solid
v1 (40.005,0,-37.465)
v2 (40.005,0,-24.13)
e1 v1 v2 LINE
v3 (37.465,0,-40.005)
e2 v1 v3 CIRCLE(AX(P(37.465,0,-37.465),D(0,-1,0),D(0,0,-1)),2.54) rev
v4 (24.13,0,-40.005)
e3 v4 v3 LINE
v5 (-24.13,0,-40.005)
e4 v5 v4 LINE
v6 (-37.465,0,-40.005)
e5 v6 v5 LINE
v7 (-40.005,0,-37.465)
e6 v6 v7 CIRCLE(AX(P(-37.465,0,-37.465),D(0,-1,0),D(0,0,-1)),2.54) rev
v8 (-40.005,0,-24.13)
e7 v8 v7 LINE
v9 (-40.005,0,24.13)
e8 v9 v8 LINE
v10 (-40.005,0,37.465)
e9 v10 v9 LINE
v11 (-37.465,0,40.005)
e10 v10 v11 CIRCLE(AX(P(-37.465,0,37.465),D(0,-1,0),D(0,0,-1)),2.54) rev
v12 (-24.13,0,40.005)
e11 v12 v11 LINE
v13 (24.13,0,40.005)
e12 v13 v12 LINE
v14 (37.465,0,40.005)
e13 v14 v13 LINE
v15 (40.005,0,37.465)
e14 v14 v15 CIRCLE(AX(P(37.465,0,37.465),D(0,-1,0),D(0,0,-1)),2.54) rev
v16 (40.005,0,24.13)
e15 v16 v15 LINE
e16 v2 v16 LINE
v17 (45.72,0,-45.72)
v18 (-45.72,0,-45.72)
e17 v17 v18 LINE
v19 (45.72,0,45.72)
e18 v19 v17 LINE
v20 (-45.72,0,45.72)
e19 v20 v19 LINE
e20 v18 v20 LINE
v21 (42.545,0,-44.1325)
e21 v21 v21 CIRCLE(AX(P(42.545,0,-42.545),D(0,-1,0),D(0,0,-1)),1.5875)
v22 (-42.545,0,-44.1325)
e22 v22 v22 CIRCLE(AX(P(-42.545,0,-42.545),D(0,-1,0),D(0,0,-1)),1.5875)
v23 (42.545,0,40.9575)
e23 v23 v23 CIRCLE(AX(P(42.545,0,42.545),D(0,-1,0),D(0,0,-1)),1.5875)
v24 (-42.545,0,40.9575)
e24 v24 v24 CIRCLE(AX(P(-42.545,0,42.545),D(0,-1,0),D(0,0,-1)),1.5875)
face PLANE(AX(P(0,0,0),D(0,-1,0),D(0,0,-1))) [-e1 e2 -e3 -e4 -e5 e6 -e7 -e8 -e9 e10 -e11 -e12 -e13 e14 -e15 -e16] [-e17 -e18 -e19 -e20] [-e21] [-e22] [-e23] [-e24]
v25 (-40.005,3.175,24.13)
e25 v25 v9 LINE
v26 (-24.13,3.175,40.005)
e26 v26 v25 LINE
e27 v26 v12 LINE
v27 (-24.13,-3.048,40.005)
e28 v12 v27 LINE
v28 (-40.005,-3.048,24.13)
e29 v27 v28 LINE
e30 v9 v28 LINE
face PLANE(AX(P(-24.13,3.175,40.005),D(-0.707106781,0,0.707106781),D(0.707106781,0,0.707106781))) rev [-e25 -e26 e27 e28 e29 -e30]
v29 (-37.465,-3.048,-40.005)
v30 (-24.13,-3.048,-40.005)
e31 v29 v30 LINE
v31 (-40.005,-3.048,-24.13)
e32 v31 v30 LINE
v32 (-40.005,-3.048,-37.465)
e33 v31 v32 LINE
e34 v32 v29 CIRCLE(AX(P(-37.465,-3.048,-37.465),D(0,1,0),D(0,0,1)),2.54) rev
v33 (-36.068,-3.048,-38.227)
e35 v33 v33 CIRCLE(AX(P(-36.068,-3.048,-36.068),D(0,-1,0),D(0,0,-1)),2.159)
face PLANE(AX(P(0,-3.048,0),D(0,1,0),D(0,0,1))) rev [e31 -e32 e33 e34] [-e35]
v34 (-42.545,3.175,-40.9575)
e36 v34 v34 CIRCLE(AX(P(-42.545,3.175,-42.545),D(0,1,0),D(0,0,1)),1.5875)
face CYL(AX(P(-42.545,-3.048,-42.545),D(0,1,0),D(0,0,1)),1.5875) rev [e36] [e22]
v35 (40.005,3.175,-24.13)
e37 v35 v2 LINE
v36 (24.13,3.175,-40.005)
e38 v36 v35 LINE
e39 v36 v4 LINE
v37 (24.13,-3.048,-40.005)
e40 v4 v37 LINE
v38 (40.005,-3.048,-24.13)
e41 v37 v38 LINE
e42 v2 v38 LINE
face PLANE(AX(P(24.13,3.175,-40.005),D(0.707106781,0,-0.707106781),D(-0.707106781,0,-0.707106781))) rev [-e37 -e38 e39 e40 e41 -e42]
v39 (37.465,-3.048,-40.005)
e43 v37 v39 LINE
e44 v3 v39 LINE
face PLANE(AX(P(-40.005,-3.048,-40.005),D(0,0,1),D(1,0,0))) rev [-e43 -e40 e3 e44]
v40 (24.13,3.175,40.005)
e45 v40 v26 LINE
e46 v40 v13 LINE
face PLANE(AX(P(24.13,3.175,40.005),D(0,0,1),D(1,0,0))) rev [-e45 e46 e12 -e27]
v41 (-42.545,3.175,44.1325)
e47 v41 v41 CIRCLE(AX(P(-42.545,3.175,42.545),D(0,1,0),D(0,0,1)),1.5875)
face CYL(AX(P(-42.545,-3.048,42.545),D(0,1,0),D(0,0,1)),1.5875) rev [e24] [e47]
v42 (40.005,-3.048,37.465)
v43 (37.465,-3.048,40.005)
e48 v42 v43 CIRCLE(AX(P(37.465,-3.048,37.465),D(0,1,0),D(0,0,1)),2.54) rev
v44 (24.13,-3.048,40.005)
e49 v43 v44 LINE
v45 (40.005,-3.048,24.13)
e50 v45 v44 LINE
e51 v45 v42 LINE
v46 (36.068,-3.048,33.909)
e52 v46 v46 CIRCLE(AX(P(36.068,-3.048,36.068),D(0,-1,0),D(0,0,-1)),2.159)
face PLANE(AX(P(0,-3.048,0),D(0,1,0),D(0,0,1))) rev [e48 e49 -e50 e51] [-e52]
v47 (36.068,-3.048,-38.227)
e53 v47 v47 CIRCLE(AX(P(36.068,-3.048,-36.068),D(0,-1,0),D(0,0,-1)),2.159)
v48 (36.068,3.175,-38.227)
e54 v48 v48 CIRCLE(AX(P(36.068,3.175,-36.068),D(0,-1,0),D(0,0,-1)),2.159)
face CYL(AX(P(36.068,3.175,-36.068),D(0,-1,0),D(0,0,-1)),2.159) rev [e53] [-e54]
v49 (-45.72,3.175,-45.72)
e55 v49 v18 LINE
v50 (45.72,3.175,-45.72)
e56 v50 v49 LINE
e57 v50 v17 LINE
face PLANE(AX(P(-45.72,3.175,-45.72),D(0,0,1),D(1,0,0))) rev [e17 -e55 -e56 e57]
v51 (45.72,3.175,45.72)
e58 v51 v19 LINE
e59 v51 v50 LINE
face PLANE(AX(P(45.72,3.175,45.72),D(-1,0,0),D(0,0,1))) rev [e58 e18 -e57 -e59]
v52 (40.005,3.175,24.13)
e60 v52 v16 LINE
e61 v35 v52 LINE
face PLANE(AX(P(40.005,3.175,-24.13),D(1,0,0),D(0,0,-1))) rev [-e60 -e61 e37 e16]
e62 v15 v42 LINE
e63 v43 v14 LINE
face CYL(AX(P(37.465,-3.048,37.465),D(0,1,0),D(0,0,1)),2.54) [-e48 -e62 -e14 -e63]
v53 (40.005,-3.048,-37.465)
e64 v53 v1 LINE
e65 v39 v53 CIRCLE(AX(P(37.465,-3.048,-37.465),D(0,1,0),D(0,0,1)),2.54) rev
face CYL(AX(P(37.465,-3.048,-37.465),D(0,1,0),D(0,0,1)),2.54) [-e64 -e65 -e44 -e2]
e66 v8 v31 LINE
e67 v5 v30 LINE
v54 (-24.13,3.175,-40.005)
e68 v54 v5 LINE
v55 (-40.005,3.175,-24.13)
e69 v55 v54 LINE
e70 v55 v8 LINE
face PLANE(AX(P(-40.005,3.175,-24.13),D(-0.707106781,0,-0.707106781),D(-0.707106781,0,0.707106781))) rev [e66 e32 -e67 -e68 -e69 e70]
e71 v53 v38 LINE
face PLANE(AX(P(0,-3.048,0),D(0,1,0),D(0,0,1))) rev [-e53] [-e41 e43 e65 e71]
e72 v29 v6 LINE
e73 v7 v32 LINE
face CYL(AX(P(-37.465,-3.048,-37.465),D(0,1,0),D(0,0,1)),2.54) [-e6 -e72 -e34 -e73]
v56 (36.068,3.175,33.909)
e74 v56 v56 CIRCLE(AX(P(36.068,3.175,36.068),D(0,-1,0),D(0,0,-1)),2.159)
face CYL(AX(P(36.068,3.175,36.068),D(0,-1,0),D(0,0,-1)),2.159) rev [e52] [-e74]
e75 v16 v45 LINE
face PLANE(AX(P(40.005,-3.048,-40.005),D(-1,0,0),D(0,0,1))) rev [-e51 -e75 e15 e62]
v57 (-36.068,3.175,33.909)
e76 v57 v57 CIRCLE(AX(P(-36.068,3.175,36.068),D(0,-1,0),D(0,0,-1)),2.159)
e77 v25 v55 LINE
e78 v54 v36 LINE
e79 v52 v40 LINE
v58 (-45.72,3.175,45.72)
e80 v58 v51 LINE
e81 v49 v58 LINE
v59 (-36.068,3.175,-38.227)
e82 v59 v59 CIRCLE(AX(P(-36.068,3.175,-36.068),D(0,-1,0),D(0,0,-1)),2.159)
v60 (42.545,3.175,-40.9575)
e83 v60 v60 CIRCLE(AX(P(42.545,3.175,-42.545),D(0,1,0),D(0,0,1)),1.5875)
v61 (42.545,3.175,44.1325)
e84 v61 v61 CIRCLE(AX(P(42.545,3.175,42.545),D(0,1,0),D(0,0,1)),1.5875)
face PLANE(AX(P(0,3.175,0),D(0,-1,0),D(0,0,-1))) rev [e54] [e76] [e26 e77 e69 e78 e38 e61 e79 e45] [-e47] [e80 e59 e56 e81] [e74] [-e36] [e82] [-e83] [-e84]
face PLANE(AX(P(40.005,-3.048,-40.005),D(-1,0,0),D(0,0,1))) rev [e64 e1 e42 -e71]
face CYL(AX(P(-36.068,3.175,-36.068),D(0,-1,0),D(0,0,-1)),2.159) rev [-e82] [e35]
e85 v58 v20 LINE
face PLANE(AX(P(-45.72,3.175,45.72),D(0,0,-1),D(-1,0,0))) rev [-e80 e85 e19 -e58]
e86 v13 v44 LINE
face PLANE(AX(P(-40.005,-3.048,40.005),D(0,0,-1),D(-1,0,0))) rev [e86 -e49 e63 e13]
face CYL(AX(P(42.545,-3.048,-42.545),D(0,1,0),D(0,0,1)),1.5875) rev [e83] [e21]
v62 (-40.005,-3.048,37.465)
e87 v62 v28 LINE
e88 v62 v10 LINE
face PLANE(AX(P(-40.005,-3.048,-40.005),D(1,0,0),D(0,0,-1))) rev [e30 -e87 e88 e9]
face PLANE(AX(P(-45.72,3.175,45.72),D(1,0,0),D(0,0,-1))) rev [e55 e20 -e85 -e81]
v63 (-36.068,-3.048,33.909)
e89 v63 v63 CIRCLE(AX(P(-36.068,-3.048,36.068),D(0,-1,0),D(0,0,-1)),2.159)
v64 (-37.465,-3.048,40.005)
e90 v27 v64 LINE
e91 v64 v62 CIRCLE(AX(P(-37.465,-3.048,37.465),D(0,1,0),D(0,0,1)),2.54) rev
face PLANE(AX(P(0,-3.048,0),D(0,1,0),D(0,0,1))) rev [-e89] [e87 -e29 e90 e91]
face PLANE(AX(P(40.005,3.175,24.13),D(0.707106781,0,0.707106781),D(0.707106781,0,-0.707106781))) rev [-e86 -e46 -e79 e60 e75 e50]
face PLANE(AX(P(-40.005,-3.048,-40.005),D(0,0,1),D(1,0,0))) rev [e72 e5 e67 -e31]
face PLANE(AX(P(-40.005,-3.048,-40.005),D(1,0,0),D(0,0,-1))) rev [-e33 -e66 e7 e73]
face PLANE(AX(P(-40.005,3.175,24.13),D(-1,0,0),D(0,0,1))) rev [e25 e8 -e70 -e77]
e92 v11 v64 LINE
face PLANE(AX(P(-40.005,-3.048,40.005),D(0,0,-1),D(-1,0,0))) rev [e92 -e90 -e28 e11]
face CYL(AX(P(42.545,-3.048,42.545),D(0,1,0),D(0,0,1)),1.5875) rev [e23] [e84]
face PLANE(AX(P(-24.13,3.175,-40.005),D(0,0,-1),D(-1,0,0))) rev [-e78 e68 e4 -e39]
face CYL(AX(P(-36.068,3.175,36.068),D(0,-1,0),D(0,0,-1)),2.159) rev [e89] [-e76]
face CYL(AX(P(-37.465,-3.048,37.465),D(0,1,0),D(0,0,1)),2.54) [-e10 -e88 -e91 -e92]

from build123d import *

# Parameters (mm, degrees)
SKETCH1_W           = 91.44
SKETCH1_H           = 91.44
BOSS_EXTRUDE1_DEPTH = 3.175
SKETCH2_W           = 80.01
SKETCH2_H           = 80.01
BOSS_EXTRUDE2_DEPTH = 3.048
CUT_EXTRUDE1_DEPTH  = 65.956620363
SKETCH4_R           = 2.159
CUT_EXTRUDE2_DEPTH  = 65.956620363
FILLET1_R           = 2.54
SKETCH5_R           = 1.5875
CUT_EXTRUDE3_DEPTH  = 65.956620363


with BuildPart() as part:
    # Sketch1 → Boss-Extrude1 (new body)
    with BuildSketch(Plane(origin=(0, 0, 0), x_dir=(1, 0, 0), z_dir=(0, 1, 0))):
        Rectangle(SKETCH1_W, SKETCH1_H)
    extrude(amount=BOSS_EXTRUDE1_DEPTH)

    # Sketch2 → Boss-Extrude2 (add)
    with BuildSketch(Plane.XZ):
        Rectangle(SKETCH2_W, SKETCH2_H)
    extrude(amount=BOSS_EXTRUDE2_DEPTH)

    # Sketch3 → Cut-Extrude1 (cut, through all)
    with BuildSketch(Plane.XZ.offset(3.048)):
        Polygon((-24.13, 40.005), (-40.005, 24.13), (-40.005, -24.13), (-24.13, -40.005), (24.13, -40.005), (40.005, -24.13), (40.005, 24.13), (24.13, 40.005), align=None)
    extrude(amount=-CUT_EXTRUDE1_DEPTH, mode=Mode.SUBTRACT)

    # Sketch4 → Cut-Extrude2 (cut, through all)
    with BuildSketch(Plane.XZ.offset(3.048)):
        with Locations(Location((-36.068, 36.068, 0), (0, 0, 270))):
            Circle(SKETCH4_R)
        with Locations(Location((36.068, 36.068, 0), (0, 0, 270))):
            Circle(SKETCH4_R)
        with Locations(Location((36.068, -36.068, 0), (0, 0, 270))):
            Circle(SKETCH4_R)
        with Locations(Location((-36.068, -36.068, 0), (0, 0, 270))):
            Circle(SKETCH4_R)
    extrude(amount=-CUT_EXTRUDE2_DEPTH, mode=Mode.SUBTRACT)

    # Fillet1
    fillet1_edges = [part.edges().sort_by_distance(p)[0] for p in [
        (40.005, -1.524, -40.005),
        (40.005, -1.524, 40.005),
        (-40.005, -1.524, 40.005),
        (-40.005, -1.524, -40.005),
    ]]
    fillet(fillet1_edges, radius=FILLET1_R)

    # Sketch5 → Cut-Extrude3 (cut, through all)
    with BuildSketch(Plane(origin=(0, 3.175, 0), x_dir=(1, 0, 0), z_dir=(0, 1, 0))):
        with Locations(Location((-42.545, 42.545, 0), (0, 0, 270))):
            Circle(SKETCH5_R)
        with Locations(Location((42.545, 42.545, 0), (0, 0, 270))):
            Circle(SKETCH5_R)
        with Locations(Location((42.545, -42.545, 0), (0, 0, 270))):
            Circle(SKETCH5_R)
        with Locations(Location((-42.545, -42.545, 0), (0, 0, 270))):
            Circle(SKETCH5_R)
    extrude(amount=-CUT_EXTRUDE3_DEPTH, mode=Mode.SUBTRACT)


solid = part.part
